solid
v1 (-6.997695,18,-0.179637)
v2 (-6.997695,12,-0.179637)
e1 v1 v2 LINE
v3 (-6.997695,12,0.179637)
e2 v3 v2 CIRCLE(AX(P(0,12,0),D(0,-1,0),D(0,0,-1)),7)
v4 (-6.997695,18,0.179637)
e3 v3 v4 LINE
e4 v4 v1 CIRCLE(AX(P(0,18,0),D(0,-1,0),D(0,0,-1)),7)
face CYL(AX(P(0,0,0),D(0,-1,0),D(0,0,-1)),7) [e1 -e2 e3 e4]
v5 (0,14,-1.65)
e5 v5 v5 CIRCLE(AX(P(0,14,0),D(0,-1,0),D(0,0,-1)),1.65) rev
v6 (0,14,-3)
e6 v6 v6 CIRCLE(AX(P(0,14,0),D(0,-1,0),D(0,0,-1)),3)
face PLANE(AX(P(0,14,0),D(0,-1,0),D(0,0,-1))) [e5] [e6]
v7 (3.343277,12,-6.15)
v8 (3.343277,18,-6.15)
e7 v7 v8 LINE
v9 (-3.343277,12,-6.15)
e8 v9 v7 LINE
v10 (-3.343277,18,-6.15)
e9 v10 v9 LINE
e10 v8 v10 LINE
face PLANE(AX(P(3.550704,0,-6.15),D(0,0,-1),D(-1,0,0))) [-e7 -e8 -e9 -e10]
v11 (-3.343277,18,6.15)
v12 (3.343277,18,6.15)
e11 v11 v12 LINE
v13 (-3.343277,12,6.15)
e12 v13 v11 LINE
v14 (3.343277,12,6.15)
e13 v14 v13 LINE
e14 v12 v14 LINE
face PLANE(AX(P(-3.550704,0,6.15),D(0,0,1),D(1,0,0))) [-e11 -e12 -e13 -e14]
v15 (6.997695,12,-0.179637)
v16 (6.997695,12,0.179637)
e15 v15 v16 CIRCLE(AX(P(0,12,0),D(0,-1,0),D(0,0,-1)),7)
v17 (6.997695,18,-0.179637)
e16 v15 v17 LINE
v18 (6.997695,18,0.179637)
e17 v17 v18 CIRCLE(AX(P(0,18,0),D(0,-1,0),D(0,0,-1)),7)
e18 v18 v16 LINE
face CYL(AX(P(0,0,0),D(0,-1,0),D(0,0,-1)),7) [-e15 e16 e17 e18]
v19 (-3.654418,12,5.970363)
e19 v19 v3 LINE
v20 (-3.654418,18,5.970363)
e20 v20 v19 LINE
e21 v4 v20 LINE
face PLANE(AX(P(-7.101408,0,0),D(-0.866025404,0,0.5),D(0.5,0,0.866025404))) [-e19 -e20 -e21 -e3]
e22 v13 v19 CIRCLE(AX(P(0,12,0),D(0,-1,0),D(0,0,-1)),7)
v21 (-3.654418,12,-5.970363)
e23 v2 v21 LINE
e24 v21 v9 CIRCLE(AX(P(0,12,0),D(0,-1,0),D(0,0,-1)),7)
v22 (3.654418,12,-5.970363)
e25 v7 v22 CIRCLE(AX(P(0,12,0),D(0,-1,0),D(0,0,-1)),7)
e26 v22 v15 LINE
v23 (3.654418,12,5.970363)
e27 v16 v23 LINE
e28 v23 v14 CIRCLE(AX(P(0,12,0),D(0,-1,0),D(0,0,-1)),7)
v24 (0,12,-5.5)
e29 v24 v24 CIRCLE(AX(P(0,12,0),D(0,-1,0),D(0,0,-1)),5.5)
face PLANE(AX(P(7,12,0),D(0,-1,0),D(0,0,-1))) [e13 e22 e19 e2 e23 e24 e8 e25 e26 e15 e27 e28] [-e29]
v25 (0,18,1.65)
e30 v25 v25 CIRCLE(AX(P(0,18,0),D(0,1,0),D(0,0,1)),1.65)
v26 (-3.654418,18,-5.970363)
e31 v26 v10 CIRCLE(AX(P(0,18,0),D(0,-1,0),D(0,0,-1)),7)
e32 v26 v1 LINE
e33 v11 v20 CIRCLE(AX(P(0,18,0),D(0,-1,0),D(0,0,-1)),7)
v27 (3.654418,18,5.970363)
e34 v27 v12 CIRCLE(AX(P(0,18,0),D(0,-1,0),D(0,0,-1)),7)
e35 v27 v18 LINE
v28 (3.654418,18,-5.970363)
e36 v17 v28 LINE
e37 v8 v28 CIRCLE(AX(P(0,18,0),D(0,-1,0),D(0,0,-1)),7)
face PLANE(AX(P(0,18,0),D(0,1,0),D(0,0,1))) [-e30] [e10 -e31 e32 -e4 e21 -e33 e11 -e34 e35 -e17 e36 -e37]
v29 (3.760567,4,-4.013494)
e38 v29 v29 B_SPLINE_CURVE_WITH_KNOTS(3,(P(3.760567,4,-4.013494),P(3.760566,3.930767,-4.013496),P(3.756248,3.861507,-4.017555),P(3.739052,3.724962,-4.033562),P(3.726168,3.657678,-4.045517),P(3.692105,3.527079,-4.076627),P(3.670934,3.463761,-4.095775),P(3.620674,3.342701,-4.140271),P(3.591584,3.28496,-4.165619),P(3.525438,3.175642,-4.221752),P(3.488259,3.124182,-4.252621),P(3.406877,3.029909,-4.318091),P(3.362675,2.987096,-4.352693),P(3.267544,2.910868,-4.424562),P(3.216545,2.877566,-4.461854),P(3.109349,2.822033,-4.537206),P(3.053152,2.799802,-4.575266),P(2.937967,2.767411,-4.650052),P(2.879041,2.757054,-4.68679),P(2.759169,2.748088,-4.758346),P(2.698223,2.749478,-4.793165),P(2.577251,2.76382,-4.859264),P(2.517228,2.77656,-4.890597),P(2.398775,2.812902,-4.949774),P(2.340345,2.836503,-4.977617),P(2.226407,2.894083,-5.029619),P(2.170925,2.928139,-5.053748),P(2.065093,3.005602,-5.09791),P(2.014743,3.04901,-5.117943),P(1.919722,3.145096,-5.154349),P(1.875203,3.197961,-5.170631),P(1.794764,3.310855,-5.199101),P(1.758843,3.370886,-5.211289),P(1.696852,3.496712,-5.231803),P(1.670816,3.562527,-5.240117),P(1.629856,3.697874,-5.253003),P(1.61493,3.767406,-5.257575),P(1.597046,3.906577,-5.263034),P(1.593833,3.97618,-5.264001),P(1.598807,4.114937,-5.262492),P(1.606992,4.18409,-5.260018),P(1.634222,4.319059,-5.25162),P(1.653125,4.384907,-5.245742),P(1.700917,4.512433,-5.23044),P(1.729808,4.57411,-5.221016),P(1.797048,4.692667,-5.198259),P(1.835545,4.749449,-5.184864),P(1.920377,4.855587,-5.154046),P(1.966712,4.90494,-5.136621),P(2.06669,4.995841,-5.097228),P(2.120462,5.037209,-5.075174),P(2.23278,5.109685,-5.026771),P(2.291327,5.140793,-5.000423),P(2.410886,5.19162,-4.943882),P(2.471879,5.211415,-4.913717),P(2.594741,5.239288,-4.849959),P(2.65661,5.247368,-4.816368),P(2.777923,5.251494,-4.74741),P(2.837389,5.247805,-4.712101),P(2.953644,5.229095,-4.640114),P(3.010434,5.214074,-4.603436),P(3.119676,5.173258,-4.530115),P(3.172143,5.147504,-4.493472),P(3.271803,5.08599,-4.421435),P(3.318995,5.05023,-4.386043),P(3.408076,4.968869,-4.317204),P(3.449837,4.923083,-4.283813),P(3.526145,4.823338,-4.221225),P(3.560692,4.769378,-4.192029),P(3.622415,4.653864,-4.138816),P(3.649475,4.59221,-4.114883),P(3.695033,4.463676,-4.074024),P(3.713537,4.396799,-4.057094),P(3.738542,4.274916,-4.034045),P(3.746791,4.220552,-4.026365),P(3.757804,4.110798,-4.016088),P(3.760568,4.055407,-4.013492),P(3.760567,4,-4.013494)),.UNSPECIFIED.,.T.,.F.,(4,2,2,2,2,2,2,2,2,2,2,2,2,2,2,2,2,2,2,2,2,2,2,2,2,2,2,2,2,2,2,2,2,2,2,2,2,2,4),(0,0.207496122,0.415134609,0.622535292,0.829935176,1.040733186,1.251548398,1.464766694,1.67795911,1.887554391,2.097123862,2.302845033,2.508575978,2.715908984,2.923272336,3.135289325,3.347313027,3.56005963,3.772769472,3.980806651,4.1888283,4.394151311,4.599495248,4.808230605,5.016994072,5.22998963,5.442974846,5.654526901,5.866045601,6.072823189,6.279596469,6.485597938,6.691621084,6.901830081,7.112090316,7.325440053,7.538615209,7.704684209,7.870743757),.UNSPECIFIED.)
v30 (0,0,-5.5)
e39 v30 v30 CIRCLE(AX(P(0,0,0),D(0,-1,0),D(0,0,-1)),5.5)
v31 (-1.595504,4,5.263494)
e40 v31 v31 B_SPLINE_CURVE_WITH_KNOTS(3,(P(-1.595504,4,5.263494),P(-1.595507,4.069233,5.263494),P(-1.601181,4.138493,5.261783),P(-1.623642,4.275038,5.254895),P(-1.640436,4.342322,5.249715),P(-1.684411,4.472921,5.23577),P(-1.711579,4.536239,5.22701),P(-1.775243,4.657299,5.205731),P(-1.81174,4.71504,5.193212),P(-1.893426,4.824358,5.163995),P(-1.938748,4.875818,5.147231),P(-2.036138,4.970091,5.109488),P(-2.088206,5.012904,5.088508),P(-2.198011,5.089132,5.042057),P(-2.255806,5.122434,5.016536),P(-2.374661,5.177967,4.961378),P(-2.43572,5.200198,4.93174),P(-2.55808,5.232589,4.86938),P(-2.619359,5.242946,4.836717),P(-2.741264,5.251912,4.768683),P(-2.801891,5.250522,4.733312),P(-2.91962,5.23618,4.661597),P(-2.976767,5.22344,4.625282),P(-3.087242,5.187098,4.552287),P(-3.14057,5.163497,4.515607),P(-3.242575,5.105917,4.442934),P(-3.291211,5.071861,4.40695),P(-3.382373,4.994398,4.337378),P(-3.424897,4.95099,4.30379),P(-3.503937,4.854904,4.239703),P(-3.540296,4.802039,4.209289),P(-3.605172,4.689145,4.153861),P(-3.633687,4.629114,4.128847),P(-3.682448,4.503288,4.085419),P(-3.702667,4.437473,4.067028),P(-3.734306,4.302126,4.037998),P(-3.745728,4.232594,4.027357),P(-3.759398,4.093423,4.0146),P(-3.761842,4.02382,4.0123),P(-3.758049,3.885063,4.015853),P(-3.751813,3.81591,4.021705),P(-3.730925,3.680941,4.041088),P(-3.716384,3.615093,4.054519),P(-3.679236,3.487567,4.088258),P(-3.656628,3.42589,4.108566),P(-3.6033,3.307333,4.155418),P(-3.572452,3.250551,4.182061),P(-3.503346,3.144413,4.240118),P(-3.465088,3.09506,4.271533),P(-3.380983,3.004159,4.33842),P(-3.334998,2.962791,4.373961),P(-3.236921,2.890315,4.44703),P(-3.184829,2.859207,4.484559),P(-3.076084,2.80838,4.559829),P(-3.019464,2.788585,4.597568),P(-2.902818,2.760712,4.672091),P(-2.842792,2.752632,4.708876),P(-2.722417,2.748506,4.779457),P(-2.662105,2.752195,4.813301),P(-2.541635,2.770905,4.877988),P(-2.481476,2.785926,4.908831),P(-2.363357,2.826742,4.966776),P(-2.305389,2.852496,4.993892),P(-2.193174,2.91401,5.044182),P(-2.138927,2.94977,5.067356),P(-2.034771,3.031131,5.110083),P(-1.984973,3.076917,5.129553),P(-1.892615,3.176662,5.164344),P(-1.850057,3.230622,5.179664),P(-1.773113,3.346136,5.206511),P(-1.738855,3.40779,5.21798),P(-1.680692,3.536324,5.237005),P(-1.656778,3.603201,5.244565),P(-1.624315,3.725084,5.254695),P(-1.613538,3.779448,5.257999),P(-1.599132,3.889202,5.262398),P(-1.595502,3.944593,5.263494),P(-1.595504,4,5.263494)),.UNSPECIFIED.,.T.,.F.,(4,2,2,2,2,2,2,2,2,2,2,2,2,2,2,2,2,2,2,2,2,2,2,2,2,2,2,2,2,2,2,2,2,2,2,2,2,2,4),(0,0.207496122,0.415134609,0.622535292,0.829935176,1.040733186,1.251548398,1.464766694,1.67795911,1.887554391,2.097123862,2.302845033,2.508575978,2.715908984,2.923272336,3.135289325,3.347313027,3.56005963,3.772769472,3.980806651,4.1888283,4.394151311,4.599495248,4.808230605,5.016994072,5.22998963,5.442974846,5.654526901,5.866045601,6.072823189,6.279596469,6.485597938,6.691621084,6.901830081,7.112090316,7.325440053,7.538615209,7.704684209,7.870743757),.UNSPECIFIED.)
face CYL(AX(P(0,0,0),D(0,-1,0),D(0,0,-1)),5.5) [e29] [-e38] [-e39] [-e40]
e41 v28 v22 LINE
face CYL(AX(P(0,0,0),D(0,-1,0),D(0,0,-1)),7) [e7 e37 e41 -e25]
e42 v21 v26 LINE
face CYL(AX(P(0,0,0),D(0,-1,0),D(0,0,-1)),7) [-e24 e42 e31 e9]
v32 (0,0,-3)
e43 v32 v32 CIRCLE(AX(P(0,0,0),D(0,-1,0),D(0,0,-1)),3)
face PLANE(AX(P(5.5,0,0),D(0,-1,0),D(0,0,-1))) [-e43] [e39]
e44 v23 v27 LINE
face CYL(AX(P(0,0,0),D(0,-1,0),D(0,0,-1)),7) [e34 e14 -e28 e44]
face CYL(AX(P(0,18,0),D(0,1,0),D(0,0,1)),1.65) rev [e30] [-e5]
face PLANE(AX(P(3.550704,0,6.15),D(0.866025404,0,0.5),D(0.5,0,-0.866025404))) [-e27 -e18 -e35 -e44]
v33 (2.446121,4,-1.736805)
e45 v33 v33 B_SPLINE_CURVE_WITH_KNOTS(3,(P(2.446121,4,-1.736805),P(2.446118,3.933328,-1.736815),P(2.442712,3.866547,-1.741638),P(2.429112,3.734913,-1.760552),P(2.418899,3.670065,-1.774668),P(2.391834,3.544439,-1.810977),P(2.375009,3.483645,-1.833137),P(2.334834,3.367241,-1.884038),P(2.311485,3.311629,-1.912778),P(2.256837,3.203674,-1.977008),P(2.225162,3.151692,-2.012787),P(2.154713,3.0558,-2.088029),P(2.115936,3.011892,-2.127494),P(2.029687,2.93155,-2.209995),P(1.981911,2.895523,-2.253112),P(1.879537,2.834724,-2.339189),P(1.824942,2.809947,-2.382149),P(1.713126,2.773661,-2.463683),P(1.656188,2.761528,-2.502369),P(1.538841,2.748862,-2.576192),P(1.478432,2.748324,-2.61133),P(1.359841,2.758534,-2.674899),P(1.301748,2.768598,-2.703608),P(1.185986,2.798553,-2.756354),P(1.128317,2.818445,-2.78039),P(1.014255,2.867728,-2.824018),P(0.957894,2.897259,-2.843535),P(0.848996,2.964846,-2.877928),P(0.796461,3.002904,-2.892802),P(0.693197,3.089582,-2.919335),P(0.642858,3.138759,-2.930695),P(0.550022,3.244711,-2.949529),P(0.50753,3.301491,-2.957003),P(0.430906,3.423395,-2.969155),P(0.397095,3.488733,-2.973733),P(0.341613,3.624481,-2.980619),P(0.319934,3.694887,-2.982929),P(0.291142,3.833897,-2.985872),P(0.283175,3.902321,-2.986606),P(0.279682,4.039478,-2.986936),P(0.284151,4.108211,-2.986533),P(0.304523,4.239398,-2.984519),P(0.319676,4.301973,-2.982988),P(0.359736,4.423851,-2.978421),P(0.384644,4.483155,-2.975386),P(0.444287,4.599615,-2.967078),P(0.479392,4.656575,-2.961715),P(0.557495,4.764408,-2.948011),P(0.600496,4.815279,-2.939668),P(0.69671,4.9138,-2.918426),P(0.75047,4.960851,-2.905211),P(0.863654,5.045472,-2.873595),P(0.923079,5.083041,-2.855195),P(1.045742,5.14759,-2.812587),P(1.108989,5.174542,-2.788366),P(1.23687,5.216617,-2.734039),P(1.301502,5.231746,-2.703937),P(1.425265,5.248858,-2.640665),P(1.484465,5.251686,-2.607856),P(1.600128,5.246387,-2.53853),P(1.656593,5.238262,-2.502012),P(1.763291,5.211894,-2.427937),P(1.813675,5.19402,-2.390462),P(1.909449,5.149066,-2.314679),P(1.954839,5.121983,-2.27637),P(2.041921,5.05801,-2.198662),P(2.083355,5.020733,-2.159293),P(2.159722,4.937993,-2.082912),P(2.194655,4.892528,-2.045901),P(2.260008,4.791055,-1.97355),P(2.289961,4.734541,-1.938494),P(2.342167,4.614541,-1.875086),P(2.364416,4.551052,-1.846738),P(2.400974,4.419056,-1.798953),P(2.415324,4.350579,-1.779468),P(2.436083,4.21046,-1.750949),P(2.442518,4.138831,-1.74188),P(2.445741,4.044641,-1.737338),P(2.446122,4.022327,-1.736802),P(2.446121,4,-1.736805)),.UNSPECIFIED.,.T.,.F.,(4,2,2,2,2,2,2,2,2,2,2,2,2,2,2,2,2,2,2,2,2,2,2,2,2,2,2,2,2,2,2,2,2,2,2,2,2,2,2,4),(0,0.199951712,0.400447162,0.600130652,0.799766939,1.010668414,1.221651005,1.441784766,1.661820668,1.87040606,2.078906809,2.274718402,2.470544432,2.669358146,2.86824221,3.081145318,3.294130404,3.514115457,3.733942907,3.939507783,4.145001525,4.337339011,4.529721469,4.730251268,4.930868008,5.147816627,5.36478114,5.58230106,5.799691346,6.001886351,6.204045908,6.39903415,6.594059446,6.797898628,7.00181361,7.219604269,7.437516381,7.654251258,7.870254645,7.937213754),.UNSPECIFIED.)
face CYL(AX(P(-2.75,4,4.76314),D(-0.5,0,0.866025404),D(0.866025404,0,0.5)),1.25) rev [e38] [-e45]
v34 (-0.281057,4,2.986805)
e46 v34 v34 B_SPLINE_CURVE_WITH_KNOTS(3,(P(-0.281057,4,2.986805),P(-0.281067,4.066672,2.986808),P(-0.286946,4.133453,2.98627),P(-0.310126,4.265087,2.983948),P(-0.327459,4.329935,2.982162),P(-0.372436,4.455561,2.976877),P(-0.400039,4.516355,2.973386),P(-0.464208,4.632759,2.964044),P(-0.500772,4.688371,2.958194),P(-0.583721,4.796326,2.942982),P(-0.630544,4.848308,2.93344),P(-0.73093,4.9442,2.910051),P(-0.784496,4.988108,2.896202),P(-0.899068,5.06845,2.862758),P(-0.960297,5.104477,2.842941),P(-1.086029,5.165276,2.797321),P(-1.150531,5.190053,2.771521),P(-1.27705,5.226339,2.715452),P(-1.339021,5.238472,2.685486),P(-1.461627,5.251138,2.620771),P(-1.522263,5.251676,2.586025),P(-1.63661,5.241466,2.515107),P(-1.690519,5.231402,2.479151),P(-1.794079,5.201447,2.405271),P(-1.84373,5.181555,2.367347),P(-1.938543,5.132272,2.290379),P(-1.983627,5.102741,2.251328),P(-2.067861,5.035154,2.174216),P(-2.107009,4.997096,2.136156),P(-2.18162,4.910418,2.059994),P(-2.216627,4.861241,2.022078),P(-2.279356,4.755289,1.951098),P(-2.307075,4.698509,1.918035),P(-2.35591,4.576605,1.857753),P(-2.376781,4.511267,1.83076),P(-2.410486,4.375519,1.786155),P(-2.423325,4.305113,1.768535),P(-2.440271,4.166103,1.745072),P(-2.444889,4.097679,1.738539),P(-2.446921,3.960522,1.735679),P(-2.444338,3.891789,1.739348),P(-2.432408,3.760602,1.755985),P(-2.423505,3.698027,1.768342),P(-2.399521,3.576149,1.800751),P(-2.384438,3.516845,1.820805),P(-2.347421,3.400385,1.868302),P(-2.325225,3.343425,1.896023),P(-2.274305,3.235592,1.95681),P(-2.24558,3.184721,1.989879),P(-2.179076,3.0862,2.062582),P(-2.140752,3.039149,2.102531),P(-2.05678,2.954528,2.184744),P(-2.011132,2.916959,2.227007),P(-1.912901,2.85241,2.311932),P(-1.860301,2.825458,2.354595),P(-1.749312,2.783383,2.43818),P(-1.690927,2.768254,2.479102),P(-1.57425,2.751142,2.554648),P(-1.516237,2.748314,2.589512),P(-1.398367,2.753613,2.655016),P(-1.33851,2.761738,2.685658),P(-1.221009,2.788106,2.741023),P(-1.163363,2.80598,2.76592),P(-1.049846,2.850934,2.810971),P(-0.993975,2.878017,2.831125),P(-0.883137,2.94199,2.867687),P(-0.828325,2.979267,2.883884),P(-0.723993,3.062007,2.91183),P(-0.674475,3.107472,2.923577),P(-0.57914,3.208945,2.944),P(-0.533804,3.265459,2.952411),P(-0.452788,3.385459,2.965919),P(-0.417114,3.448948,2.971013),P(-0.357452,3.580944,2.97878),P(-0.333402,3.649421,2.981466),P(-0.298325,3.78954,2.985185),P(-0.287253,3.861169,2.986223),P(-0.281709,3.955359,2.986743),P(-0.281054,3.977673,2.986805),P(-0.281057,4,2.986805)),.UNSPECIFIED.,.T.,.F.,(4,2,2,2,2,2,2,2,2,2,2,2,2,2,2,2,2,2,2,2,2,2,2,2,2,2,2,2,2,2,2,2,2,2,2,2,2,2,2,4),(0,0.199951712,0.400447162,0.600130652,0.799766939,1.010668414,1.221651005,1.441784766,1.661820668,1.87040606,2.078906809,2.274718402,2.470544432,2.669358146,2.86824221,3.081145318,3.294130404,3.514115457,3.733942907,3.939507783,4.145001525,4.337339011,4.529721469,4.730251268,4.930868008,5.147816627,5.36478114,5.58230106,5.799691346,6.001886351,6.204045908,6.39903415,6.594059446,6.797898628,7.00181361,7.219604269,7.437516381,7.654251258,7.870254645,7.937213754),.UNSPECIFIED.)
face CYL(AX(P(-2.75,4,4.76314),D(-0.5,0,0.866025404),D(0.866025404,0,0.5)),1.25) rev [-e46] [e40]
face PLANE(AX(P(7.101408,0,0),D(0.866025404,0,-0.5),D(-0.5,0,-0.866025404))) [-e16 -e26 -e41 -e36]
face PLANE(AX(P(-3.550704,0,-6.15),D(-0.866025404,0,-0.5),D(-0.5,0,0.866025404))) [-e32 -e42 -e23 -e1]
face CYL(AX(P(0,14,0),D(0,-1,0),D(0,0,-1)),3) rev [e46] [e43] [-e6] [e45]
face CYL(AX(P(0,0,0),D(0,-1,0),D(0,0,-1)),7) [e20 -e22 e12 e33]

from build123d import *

# Parameters (mm, degrees)
SKETCH_2_OUTSIDE_W  = 21.352
SKETCH_2_OUTSIDE_H  = 21.352
CUT_EXTRUDE_1_DEPTH = 19
HOLE_WIZARD_M4_1_D  = 3.3
SKETCH_5_R          = 3
CUT_EXTRUDE_2_DEPTH = 14
HOLE_WIZARD_M3_1_D  = 2.5


with BuildPart() as part:
    # 草图1 → 旋转1 (revolve)
    with BuildSketch(Plane.XY):
        Polygon((0, 0), (0, 18), (7, 18), (7, 12), (5.5, 12), (5.5, 0), align=None)
    revolve(axis=Axis((0, 0, 0), (0, 1, 0)))

    # 草图2 outside → 切除-拉伸1 (cut, through all)
    with BuildSketch(Plane(origin=(0, 18, 0), x_dir=(1, 0, 0), z_dir=(0, 1, 0))):
        Rectangle(SKETCH_2_OUTSIDE_W, SKETCH_2_OUTSIDE_H)
        Polygon((7.101408311, 0), (3.550704156, 6.15), (-3.550704156, 6.15), (-7.101408311, 0), (-3.550704156, -6.15), (3.550704156, -6.15), align=None, mode=Mode.SUBTRACT)
    extrude(amount=-CUT_EXTRUDE_1_DEPTH, mode=Mode.SUBTRACT)

    # M4 螺纹孔1 (through all)
    with Locations(Plane(origin=(0, 18, 0), x_dir=(1, 0, 0), z_dir=(0, 1, 0))):
        with Locations((0, 0)):
            Hole(HOLE_WIZARD_M4_1_D / 2)

    # 草图5 → 切除-拉伸2 (cut)
    with BuildSketch(Plane.XZ):
        Circle(SKETCH_5_R)
    extrude(amount=-CUT_EXTRUDE_2_DEPTH, mode=Mode.SUBTRACT)

    # M3 螺纹孔1 (through all)
    with Locations(Plane(origin=(-2.75, 0, 4.763139721), x_dir=(-0.866025404, 0, -0.5), z_dir=(-0.5, 0, 0.866025404))):
        with Locations((0, -4)):
            Hole(HOLE_WIZARD_M3_1_D / 2)


solid = part.part
